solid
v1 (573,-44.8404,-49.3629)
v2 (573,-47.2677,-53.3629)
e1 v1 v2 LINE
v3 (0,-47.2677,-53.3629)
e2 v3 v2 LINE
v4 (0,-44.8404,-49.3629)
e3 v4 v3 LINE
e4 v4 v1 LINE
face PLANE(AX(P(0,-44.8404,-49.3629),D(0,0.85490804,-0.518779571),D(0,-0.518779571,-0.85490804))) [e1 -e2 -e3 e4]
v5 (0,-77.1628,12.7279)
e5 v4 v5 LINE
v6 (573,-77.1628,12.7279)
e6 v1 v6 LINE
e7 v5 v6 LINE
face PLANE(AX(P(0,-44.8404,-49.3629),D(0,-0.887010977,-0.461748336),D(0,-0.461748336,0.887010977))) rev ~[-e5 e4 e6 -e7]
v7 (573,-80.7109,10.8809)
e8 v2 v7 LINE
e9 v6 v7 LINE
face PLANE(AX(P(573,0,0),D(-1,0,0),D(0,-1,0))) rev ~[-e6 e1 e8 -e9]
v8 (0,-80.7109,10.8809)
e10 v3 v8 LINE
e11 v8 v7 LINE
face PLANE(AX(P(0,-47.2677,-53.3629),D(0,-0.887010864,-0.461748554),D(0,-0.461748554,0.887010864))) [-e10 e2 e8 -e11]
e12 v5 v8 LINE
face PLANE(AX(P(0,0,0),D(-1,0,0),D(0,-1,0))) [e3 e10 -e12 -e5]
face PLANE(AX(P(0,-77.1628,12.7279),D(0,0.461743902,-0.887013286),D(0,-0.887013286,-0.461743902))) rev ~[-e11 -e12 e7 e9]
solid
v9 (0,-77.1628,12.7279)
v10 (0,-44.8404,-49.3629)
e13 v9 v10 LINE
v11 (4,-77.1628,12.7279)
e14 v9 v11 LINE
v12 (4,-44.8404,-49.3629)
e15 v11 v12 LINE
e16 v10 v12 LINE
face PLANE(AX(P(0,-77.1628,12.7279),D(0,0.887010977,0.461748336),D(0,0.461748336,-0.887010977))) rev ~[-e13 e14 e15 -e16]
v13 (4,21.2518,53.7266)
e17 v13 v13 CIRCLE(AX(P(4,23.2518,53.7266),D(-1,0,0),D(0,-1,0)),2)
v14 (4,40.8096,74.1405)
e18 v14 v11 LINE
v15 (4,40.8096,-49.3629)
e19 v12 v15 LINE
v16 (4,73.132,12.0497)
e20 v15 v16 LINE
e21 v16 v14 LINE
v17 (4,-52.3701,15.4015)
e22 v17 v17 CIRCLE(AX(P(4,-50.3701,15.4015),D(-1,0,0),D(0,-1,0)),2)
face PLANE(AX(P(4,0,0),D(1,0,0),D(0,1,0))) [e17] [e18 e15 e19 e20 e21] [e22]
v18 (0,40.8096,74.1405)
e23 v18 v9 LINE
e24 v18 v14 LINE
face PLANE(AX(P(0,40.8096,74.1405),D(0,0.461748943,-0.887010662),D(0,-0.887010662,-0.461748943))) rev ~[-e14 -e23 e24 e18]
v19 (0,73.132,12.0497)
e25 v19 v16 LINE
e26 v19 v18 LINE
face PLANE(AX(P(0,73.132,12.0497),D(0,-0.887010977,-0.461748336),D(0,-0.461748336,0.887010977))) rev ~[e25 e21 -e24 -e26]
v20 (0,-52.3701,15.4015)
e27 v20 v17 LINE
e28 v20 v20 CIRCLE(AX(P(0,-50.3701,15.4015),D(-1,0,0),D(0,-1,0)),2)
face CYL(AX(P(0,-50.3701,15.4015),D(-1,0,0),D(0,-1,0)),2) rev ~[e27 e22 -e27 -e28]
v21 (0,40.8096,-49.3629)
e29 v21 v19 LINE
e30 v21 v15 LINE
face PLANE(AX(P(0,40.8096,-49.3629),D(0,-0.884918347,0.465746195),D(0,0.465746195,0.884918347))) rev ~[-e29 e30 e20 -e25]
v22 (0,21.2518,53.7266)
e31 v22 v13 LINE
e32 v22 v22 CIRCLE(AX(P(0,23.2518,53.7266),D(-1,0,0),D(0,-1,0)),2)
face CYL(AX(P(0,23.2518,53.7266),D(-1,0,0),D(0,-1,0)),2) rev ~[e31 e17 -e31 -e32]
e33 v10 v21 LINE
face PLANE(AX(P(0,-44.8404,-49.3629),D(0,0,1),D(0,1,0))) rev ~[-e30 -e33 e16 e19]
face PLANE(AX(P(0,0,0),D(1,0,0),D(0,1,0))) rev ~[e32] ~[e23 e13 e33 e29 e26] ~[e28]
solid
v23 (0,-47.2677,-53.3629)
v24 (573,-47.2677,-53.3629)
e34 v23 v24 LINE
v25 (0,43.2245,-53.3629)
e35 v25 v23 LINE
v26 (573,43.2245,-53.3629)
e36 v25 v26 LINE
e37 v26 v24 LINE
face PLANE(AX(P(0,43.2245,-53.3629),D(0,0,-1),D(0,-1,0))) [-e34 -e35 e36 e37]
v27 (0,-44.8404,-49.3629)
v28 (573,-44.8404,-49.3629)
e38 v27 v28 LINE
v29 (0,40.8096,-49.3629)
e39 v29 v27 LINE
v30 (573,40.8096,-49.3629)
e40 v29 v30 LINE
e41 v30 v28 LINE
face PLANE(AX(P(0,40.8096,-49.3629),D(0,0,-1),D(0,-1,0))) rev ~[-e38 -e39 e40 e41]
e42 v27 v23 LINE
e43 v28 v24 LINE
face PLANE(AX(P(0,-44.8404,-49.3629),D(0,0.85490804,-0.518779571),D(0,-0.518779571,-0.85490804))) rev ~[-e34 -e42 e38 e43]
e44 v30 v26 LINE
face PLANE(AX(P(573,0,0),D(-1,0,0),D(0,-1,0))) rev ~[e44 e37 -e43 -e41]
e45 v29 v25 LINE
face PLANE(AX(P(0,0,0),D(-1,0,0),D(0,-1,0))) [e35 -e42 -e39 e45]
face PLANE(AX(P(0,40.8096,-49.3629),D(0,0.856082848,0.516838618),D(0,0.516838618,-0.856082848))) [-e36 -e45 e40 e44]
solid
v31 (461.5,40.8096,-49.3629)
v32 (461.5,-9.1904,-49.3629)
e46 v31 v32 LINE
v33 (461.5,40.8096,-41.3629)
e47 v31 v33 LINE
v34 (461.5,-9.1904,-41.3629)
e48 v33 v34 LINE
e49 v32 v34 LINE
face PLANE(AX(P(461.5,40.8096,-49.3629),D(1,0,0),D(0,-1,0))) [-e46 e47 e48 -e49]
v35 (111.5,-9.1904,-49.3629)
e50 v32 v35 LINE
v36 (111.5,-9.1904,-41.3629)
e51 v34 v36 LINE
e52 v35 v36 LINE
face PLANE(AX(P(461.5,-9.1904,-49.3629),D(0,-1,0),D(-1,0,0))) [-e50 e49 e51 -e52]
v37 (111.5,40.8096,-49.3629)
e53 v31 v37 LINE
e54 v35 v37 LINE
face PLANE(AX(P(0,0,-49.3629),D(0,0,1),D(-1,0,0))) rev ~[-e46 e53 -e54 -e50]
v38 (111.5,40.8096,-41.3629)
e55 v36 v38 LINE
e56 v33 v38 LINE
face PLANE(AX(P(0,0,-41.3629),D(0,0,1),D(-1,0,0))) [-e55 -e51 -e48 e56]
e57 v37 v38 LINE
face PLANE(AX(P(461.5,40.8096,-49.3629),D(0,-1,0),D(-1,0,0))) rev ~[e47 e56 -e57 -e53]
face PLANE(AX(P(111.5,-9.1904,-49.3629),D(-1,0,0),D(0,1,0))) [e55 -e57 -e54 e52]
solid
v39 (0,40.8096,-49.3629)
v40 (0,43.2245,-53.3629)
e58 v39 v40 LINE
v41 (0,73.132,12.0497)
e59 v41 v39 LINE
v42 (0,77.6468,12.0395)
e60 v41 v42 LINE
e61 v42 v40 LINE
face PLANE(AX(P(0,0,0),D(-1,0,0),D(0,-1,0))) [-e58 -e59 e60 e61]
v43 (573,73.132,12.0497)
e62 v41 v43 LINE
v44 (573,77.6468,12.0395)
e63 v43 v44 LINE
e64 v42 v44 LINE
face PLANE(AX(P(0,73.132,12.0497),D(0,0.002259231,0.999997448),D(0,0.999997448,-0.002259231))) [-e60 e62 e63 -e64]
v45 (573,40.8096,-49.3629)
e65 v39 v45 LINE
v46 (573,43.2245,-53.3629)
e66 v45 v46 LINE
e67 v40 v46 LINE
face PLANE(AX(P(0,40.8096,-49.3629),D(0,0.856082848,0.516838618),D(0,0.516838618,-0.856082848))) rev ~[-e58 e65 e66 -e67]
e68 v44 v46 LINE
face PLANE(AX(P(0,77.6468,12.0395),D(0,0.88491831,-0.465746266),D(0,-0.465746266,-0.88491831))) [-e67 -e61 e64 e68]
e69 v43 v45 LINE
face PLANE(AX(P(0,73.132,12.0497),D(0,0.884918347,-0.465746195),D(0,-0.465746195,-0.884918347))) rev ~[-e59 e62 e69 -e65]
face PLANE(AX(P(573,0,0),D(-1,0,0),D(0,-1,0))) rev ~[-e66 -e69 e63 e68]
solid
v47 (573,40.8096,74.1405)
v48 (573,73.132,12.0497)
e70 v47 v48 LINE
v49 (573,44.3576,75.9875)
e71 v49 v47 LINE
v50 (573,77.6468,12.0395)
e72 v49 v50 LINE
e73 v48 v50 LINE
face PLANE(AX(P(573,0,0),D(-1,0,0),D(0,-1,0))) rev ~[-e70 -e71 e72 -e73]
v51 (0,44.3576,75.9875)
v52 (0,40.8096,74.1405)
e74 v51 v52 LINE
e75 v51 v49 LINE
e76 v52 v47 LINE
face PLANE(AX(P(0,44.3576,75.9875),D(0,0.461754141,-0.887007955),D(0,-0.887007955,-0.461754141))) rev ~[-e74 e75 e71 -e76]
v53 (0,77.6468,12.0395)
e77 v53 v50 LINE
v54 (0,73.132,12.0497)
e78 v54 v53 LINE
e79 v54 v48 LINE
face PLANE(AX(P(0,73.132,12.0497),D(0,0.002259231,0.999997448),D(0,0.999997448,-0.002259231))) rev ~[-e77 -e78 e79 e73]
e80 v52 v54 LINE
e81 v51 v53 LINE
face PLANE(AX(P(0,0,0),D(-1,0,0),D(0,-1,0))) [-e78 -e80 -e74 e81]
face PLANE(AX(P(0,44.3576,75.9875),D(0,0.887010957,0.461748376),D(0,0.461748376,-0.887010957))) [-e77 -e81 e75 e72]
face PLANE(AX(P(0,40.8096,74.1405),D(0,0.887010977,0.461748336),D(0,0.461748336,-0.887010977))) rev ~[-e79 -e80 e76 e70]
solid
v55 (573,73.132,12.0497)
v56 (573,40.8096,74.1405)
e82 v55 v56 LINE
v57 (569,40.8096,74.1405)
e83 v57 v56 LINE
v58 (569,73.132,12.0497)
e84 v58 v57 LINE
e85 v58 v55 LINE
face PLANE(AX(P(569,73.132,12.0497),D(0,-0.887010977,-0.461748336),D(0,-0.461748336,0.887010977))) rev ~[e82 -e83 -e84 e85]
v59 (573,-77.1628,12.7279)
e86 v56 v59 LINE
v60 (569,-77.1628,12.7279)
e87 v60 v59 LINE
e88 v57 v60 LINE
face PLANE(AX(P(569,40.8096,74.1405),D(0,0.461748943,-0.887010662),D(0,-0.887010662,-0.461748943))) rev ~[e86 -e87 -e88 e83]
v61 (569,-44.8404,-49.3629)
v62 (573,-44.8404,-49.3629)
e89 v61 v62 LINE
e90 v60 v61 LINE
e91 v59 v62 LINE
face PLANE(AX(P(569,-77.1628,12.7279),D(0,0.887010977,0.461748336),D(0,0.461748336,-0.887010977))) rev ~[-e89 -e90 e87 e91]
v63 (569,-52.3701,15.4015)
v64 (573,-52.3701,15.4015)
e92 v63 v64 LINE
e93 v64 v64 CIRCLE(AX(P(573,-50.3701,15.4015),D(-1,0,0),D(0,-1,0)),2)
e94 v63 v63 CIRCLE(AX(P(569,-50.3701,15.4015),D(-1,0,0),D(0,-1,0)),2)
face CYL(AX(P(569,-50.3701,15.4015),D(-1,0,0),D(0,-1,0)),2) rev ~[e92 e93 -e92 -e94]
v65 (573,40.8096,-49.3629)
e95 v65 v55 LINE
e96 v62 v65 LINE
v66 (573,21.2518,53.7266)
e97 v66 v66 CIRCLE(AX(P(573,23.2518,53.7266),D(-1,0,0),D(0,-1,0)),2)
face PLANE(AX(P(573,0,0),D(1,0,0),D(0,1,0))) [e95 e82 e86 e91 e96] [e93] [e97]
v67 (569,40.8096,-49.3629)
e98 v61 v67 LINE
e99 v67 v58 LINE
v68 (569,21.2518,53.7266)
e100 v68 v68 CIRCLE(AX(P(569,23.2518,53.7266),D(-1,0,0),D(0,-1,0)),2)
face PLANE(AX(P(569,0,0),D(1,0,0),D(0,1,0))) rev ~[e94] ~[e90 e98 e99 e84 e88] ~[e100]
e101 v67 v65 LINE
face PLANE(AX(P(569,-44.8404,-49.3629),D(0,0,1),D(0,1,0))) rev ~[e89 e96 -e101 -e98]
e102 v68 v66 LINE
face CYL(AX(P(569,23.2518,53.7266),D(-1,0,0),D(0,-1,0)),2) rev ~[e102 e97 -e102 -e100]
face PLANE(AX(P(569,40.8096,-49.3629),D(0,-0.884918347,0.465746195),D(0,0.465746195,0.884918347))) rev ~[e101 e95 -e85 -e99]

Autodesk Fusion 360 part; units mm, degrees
sketch "Sketch1" plane through (0, 0, 0) normal (1, 0, 0) x (0, 1, 0) in component "Panel1"
  line L0 (-44.8404, -49.3629) -> (40.8096, -49.3629)
  line L1 (40.8096, -49.3629) -> (73.132, 12.0497)
  line L2 (73.132, 12.0497) -> (40.8096, 74.1405)
  line L3 (40.8096, 74.1405) -> (-77.1628, 12.7279)
  line L4 (-77.1628, 12.7279) -> (-44.8404, -49.3629)
  dimension "d7" = 70
  dimension "d8" = 133
  dimension "d9" = 27.5
extrude "Extrude1" add sketch "Sketch1" along normal blind 4 makes body 1 in component "Panel1"
sketch "Sketch2" plane through (0, 0, 0) normal (-1, 0, 0) x (0, -1, 0) in component "Panel1"
  line L0 (44.8404, -49.3629) -> (77.1628, 12.7279)
  line L1 (77.1628, 12.7279) -> (-40.8096, 74.1405)
  line L2 (-40.8096, 74.1405) -> (-73.132, 12.0497)
  line L3 (-73.132, 12.0497) -> (-40.8096, -49.3629)
  line L4 (-40.8096, -49.3629) -> (44.8404, -49.3629)
  circle A0 centre (-23.2518, 53.7266) radius 2
  circle A1 centre (50.3701, 15.4015) radius 2
  dimension "d12" = 4
  dimension "d13" = 10
  dimension "d14" = 25
  dimension "d15" = 10
  dimension "d16" = 25
extrude "Extrude2" cut sketch "Sketch2" against normal through all contours A0 | A1 bodies 1 in component "Panel1"
sketch "Sketch1 (2)" plane through (0, 0, 0) normal (-1, 0, 0) x (0, -1, 0) in component "Case"
  line L0 (44.8404, -49.3629) -> (77.1628, 12.7279)
  line L1 (-40.8096, 74.1405) -> (-73.132, 12.0497)
  line L2 (-73.132, 12.0497) -> (-40.8096, -49.3629)
  line L3 (-40.8096, -49.3629) -> (44.8404, -49.3629)
  line L4 (-44.3576, 75.9875) -> (-77.6468, 12.0395)
  line L5 (-77.6468, 12.0395) -> (-43.2245, -53.3629)
  line L6 (-43.2245, -53.3629) -> (47.2677, -53.3629)
  line L7 (47.2677, -53.3629) -> (80.7109, 10.8809)
  line L8 (-44.3576, 75.9875) -> (-40.8096, 74.1405)
  line L9 (77.1628, 12.7279) -> (80.7109, 10.8809)
  line L10 (44.8404, -49.3629) -> (47.2677, -53.3629)
  line L11 (-40.8096, -49.3629) -> (-43.2245, -53.3629)
  line L12 (-73.132, 12.0497) -> (-77.6468, 12.0395)
  dimension "d22" = 4
extrude "Extrude1'" add sketch "Sketch1 (2)" against normal blind 573 separate body contours L1 L4 L8 L12 makes body 2 in component "Case"
extrude "Extrude2'" add sketch "Sketch1 (2)" against normal blind 573 separate body contours L2 L5 L11 L12 makes body 3 in component "Case"
extrude "Extrude3" add sketch "Sketch1 (2)" against normal blind 573 separate body contours L3 L6 L10 L11 makes body 4 in component "Case"
extrude "Extrude4" add sketch "Sketch1 (2)" against normal blind 573 separate body contours L0 L7 L9 L10 makes body 5 in component "Case"
sketch "Sketch2 (2)" plane through (0, 0, -49.3629) normal (0, 0, 1) x (-1, 0, 0) in component "Case"
  line L0 (0, -40.8096) -> (0, 44.8404)
  line L1 (0, 44.8404) -> (-573, 44.8404)
  line L2 (-573, 44.8404) -> (-573, -40.8096)
  line L3 (-573, -40.8096) -> (0, -40.8096)
  line L4 (-111.5, -40.8096) -> (-461.5, -40.8096)
  line L5 (-461.5, -40.8096) -> (-461.5, 9.1904)
  line L6 (-461.5, 9.1904) -> (-111.5, 9.1904)
  line L7 (-111.5, 9.1904) -> (-111.5, -40.8096)
  line L8 (-4, -40.8096) -> (-4, 77.1628)
  dimension "d31" = 107.5
  dimension "d32" = 350
  dimension "d33" = 50
extrude "Extrude5" add sketch "Sketch2 (2)" along normal blind 8 separate body contours L3 L4 L5 L6 L7 makes body 6 in component "Case"
component "Panel1" placed x (1, 0, 0) y (0, 1, 0) z (0, 0, 1) at (569, 0, 0)
component "Panel1" placed x (1, 0, 0) y (0, 1, 0) z (0, 0, 1) at (0, 0, 0)
component "Case" placed x (1, 0, 0) y (0, 1, 0) z (0, 0, 1) at (0, 0, 0)
equation "FrameX = 565 mm"
equation "FrameY = 133 mm"
equation "ModuleDepth = 70 mm"
equation "Angle = 27.5 deg"
equation "Thickness = 4 mm"
equation "d7 = ModuleDepth"
equation "d8 = FrameY"
equation "d9 = Angle"
equation "d10 = Thickness"
equation "d21 = Thickness + FrameX"
equation "d22 = Thickness"
equation "d23 = -( Thickness * 2 + FrameX )"
equation "d25 = -( Thickness * 2 + FrameX )"
equation "d27 = -( Thickness * 2 + FrameX )"
equation "d29 = -( Thickness * 2 + FrameX )"
equation "d31 = FrameX / 2 - ( 350 / 2 ) * 1 mm"
